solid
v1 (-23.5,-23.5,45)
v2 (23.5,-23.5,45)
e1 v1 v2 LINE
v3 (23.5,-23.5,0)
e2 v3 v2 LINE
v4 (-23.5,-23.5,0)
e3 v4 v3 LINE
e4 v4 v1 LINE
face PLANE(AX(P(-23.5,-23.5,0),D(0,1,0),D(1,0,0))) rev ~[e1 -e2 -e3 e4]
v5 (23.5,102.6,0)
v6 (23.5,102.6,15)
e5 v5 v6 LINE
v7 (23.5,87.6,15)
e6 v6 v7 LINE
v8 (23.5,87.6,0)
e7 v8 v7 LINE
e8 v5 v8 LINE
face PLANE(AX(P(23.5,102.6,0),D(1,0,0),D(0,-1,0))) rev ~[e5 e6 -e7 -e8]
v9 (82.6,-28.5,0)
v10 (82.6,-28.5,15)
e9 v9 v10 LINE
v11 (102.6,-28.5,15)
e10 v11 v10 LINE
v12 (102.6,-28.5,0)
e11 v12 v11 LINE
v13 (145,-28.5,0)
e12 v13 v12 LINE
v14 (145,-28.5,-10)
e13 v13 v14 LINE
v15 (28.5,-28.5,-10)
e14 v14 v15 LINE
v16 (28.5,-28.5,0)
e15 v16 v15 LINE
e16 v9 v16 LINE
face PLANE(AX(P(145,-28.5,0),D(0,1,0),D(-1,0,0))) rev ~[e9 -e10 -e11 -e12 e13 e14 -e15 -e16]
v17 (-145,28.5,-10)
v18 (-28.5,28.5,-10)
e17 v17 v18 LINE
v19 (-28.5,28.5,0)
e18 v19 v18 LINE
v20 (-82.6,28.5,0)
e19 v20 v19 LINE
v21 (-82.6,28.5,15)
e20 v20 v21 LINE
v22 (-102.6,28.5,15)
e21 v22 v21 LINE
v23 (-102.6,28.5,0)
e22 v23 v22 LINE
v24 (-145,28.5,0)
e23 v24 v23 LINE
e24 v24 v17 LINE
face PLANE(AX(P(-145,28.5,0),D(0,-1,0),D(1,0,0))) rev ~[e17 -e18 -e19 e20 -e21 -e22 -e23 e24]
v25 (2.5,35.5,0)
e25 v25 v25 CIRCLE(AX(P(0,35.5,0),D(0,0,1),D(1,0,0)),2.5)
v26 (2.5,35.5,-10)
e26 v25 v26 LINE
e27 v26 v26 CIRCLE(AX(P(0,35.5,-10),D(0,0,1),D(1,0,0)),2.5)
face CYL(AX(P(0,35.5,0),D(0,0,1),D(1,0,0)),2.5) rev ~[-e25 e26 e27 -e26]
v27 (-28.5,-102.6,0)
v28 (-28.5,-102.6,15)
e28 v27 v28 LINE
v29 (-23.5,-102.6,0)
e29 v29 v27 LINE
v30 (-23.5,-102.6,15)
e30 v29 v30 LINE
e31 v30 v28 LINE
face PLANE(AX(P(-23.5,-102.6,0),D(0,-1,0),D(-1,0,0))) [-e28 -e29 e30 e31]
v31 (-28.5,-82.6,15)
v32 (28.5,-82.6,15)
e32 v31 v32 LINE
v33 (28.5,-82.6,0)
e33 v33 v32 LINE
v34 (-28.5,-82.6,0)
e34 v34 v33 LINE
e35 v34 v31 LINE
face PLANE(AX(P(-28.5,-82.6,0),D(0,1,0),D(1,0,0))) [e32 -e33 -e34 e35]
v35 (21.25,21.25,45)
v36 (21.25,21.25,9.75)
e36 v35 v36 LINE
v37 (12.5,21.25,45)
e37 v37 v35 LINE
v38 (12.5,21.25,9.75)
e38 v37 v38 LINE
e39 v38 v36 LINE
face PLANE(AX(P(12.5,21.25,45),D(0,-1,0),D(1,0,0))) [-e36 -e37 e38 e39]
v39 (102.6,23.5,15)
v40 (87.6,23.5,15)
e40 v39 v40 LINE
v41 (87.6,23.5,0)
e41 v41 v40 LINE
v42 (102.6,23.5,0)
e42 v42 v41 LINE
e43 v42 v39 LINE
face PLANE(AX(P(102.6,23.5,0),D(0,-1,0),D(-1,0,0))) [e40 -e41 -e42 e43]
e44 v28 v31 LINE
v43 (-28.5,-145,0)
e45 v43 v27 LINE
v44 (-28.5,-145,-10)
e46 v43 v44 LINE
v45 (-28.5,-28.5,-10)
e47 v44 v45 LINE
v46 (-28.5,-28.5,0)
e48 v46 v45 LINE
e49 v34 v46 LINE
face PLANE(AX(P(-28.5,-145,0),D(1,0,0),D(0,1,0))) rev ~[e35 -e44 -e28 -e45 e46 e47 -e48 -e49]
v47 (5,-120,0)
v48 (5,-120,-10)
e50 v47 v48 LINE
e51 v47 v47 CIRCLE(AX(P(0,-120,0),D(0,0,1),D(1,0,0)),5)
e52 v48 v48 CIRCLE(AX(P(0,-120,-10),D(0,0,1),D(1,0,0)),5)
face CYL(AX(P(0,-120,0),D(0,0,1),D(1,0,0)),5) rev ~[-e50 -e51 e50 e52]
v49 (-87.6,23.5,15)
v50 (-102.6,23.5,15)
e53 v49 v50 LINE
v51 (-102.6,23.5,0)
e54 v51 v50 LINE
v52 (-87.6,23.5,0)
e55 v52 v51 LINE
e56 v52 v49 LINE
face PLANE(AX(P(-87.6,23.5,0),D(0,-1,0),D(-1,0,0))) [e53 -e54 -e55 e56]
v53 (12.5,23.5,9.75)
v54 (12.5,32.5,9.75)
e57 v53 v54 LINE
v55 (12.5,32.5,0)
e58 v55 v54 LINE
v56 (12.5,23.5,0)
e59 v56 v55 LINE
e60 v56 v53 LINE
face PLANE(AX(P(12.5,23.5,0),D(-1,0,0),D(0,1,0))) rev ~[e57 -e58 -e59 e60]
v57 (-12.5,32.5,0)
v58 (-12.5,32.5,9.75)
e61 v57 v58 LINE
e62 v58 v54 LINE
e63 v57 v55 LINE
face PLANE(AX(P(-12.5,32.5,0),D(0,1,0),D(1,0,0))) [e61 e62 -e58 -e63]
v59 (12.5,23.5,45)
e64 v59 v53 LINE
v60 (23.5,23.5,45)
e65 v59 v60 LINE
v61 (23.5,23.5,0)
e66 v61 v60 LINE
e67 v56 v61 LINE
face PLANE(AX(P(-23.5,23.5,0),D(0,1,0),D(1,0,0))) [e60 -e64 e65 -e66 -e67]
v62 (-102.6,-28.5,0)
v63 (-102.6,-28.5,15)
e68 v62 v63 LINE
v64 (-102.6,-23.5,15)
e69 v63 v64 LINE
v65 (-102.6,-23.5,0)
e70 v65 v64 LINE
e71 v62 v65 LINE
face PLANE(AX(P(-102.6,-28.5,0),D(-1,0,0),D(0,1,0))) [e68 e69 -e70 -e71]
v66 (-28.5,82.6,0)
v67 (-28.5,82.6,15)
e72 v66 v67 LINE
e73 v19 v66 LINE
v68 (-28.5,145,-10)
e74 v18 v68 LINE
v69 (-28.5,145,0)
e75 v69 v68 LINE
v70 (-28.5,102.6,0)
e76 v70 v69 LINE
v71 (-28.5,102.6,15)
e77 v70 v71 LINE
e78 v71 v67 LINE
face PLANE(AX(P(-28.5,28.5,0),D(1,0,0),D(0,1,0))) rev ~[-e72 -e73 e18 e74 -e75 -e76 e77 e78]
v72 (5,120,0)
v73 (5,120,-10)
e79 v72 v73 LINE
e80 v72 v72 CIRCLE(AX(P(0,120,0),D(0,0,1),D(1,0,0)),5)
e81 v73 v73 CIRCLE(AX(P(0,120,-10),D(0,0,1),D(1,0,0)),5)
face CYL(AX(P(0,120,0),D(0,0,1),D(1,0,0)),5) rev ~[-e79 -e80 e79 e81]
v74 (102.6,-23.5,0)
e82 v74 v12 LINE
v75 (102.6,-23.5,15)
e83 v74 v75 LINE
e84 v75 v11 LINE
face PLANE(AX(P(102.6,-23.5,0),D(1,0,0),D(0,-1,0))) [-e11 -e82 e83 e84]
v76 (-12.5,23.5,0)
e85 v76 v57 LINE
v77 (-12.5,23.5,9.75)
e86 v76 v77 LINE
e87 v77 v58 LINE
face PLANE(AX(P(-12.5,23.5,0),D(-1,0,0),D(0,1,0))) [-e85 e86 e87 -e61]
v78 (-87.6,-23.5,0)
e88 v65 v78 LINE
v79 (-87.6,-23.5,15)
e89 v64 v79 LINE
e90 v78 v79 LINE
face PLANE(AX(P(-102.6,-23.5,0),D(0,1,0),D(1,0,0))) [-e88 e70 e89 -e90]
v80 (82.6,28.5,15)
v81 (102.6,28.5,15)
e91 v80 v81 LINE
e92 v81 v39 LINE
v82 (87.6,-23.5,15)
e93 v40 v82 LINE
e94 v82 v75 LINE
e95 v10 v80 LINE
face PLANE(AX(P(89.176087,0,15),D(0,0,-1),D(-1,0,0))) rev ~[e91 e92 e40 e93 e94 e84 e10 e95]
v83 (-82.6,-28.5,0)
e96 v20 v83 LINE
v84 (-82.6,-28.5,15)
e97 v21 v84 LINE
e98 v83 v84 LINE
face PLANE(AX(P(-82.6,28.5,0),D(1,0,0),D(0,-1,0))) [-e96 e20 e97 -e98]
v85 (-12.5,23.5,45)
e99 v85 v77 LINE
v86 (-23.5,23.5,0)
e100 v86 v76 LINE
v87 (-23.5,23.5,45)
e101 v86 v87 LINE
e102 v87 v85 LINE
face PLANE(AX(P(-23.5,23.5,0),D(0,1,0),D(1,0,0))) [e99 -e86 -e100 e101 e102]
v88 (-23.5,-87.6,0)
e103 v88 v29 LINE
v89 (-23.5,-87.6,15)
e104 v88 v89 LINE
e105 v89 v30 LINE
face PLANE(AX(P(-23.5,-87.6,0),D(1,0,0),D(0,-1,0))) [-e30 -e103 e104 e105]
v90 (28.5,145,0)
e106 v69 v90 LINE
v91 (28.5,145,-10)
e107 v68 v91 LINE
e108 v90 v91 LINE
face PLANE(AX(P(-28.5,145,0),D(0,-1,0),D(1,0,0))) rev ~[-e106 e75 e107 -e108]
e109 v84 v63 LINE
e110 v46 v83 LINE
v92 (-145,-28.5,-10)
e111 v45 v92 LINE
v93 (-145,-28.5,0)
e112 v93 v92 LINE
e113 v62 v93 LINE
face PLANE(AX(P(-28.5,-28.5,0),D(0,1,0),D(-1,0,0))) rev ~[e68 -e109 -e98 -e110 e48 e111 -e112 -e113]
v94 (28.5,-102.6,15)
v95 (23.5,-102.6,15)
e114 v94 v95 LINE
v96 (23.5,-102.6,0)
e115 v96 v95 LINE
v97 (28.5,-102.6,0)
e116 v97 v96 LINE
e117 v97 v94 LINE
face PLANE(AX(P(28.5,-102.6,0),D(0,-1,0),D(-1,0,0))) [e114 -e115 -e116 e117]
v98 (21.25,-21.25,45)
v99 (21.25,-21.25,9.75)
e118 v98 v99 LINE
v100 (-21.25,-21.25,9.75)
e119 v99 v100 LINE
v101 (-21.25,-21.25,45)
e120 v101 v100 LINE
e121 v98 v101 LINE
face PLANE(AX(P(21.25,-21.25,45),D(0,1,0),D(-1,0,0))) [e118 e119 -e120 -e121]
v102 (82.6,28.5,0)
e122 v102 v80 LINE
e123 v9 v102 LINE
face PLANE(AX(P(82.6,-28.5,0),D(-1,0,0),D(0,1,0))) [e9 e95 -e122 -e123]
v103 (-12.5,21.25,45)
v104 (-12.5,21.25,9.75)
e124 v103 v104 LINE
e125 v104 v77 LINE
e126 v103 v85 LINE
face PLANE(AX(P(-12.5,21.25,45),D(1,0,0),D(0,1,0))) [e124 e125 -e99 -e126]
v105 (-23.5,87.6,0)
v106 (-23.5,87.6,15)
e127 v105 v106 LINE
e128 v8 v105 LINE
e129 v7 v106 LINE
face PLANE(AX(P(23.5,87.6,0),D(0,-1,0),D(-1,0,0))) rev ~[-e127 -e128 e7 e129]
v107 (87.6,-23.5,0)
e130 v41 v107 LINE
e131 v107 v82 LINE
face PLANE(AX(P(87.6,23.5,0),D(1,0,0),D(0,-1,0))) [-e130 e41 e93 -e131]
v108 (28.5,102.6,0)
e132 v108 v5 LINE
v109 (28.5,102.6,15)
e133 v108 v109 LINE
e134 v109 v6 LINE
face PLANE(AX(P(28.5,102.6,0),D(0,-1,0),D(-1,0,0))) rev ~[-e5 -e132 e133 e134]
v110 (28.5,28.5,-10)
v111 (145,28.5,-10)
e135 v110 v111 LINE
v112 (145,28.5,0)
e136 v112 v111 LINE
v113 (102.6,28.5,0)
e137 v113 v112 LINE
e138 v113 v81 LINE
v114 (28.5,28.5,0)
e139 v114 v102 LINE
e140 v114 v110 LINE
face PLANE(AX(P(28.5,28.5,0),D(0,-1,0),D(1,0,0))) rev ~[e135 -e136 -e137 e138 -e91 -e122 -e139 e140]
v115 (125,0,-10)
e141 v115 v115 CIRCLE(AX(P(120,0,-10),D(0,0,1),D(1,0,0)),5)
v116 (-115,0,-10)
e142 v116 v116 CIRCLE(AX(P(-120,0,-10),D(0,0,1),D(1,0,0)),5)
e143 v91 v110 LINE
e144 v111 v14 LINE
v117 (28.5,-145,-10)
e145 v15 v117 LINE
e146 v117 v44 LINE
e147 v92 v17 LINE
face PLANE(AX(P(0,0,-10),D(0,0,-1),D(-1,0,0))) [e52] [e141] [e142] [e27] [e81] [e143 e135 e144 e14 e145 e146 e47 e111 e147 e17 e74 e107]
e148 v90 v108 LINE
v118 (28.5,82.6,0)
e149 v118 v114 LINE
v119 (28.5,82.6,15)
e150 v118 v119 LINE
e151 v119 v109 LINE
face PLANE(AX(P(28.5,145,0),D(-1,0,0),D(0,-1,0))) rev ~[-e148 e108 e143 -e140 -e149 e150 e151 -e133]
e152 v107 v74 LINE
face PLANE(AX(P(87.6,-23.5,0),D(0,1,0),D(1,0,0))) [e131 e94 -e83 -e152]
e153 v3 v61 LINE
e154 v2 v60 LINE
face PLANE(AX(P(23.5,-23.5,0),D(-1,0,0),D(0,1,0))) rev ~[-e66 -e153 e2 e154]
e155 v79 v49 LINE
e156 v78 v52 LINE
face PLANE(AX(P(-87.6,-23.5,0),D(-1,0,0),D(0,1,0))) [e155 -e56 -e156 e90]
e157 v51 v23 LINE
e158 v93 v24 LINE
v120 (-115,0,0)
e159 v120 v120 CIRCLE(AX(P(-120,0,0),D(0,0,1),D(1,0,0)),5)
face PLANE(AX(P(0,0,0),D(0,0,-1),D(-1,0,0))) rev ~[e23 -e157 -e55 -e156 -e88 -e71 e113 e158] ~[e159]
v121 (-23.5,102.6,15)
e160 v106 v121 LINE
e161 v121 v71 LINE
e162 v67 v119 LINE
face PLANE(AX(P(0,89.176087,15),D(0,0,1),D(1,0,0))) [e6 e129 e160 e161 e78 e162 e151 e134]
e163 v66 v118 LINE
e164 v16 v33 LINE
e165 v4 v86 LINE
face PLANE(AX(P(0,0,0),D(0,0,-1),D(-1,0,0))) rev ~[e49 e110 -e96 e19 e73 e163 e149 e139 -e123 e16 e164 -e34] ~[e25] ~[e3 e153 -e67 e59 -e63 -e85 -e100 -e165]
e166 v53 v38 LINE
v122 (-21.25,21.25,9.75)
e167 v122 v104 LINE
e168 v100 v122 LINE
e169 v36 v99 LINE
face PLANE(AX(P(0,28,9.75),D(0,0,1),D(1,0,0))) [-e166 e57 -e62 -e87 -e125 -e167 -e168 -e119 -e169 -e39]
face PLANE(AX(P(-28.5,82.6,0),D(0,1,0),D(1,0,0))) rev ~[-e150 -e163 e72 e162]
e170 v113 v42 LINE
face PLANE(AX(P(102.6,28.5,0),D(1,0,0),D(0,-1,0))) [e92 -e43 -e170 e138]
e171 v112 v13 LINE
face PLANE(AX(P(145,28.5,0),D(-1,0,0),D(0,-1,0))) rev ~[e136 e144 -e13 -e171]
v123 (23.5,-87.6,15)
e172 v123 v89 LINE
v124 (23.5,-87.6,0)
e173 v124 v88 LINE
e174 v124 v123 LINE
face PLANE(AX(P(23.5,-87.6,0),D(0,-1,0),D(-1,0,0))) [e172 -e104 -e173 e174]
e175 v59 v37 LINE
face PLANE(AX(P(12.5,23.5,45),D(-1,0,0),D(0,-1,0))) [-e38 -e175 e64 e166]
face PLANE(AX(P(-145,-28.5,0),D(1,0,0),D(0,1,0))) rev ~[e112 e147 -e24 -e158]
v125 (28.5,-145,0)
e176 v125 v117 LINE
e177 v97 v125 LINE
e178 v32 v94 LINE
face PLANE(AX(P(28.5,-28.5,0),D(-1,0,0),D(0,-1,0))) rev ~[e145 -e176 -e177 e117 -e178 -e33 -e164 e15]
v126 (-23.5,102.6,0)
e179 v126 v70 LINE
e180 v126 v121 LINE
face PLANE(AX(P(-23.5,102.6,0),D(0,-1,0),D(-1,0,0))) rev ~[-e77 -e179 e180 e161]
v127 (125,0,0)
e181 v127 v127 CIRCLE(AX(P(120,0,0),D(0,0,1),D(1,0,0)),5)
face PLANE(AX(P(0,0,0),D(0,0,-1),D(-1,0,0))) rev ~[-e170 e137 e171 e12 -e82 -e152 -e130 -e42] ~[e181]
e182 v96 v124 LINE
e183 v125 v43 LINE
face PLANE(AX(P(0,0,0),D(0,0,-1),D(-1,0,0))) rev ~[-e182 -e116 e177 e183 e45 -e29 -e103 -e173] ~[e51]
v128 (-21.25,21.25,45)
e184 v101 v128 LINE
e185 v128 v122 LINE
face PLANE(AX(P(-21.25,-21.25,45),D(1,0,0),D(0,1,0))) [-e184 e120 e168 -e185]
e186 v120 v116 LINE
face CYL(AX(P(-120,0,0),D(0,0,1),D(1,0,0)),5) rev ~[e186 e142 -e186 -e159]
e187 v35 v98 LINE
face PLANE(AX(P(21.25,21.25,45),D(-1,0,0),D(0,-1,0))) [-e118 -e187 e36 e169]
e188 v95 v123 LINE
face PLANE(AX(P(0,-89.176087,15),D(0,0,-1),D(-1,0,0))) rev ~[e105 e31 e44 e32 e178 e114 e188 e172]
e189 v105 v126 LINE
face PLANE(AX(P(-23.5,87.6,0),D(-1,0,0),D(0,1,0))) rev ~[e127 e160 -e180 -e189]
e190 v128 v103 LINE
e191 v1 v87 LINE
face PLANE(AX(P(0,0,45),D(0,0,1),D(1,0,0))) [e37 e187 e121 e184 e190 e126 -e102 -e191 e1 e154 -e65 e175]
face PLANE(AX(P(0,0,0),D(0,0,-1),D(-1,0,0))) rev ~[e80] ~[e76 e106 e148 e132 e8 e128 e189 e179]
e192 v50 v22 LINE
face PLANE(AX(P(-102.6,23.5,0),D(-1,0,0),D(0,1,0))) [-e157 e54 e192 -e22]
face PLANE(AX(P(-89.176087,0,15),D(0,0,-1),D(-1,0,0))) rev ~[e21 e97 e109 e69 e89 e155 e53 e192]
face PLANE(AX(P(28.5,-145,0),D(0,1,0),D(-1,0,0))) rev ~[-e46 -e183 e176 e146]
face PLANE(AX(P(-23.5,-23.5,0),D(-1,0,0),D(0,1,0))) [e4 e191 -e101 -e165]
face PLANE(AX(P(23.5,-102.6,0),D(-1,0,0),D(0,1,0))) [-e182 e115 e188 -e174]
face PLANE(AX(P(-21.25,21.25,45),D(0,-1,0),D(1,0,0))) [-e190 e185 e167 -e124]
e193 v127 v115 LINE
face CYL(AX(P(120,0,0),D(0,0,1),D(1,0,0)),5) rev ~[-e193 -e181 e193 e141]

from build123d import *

# Parameters (mm, degrees)
PAD029_DEPTH    = 10
PAD030_DEPTH    = 15
PAD031_DEPTH    = 15
PAD032_DEPTH    = 15
PAD033_DEPTH    = 15
SKETCH072_R     = 5
POCKET034_DEPTH = 10.001
SKETCH079_W     = 47
SKETCH079_H     = 47
PAD038_DEPTH    = 45
POCKET037_DEPTH = 35.25
SKETCH081_R     = 2.5
POCKET038_DEPTH = 10.001
SKETCH082_W     = 25
SKETCH082_H     = 9
PAD039_DEPTH    = 9.75


with BuildPart() as part:
    # Sketch067 → Pad029 (new body)
    with BuildSketch(Plane.XY):
        Polygon((-145, 28.5), (-28.5, 28.5), (-28.5, 145), (28.5, 145), (28.5, 28.5), (145, 28.5), (145, -28.5), (28.5, -28.5), (28.5, -145), (-28.5, -145), (-28.5, -28.5), (-145, -28.5), align=None)
    extrude(amount=-PAD029_DEPTH)

    # Sketch068 (on Face13 of Pad029) → Pad030 (join)
    with BuildSketch(Plane.XY):
        Polygon((-82.6, 28.5), (-82.6, -28.5), (-102.6, -28.5), (-102.6, -23.5), (-87.6, -23.5), (-87.6, 23.5), (-102.6, 23.5), (-102.6, 28.5), align=None)
    extrude(amount=PAD030_DEPTH)

    # Sketch069 (on Face7 of Pad030) → Pad031 (join)
    with BuildSketch(Plane.XY):
        Polygon((-28.5, 82.6), (28.5, 82.6), (28.5, 102.6), (23.5, 102.6), (23.5, 87.6), (-23.5, 87.6), (-23.5, 102.6), (-28.5, 102.6), align=None)
    extrude(amount=PAD031_DEPTH)

    # Sketch070 (on Face7 of Pad031) → Pad032 (join)
    with BuildSketch(Plane.XY):
        Polygon((82.6, 28.5), (102.6, 28.5), (102.6, 23.5), (87.6, 23.5), (87.6, -23.5), (102.6, -23.5), (102.6, -28.5), (82.6, -28.5), align=None)
    extrude(amount=PAD032_DEPTH)

    # Sketch071 (on Face7 of Pad032) → Pad033 (join)
    with BuildSketch(Plane.XY):
        Polygon((-28.5, -82.6), (28.5, -82.6), (28.5, -102.6), (23.5, -102.6), (23.5, -87.6), (-23.5, -87.6), (-23.5, -102.6), (-28.5, -102.6), align=None)
    extrude(amount=PAD033_DEPTH)

    # Sketch072 (on Face7 of Pad033) → Pocket034 (cut, through all)
    with BuildSketch(Plane.XY):
        with Locations((-120, 0)):
            Circle(SKETCH072_R)
        with Locations((0, 120)):
            Circle(SKETCH072_R)
        with Locations((120, 0)):
            Circle(SKETCH072_R)
        with Locations((0, -120)):
            Circle(SKETCH072_R)
    extrude(amount=-POCKET034_DEPTH, mode=Mode.SUBTRACT)

    # Sketch079 (on Face7 of Pocket034) → Pad038 (join)
    with BuildSketch(Plane.XY):
        Rectangle(SKETCH079_W, SKETCH079_H)
    extrude(amount=PAD038_DEPTH)

    # Sketch080 (on Face53 of Pad038) → Pocket037 (cut)
    with BuildSketch(Plane.XY.offset(45)):
        Polygon((-21.25, 21.25), (-12.5, 21.25), (-12.5, 23.5), (12.5, 23.5), (12.5, 21.25), (21.25, 21.25), (21.25, -21.25), (-21.25, -21.25), align=None)
    extrude(amount=-POCKET037_DEPTH, mode=Mode.SUBTRACT)

    # Sketch081 (on Face7 of Pocket037) → Pocket038 (cut, through all)
    with BuildSketch(Plane.XY):
        with Locations((0, 35.5)):
            Circle(SKETCH081_R)
    extrude(amount=-POCKET038_DEPTH, mode=Mode.SUBTRACT)

    # Sketch082 (on Face7 of Pocket038) → Pad039 (join)
    with BuildSketch(Plane.XY):
        with Locations((0, 28)):
            Rectangle(SKETCH082_W, SKETCH082_H)
    extrude(amount=PAD039_DEPTH)


solid = part.part
